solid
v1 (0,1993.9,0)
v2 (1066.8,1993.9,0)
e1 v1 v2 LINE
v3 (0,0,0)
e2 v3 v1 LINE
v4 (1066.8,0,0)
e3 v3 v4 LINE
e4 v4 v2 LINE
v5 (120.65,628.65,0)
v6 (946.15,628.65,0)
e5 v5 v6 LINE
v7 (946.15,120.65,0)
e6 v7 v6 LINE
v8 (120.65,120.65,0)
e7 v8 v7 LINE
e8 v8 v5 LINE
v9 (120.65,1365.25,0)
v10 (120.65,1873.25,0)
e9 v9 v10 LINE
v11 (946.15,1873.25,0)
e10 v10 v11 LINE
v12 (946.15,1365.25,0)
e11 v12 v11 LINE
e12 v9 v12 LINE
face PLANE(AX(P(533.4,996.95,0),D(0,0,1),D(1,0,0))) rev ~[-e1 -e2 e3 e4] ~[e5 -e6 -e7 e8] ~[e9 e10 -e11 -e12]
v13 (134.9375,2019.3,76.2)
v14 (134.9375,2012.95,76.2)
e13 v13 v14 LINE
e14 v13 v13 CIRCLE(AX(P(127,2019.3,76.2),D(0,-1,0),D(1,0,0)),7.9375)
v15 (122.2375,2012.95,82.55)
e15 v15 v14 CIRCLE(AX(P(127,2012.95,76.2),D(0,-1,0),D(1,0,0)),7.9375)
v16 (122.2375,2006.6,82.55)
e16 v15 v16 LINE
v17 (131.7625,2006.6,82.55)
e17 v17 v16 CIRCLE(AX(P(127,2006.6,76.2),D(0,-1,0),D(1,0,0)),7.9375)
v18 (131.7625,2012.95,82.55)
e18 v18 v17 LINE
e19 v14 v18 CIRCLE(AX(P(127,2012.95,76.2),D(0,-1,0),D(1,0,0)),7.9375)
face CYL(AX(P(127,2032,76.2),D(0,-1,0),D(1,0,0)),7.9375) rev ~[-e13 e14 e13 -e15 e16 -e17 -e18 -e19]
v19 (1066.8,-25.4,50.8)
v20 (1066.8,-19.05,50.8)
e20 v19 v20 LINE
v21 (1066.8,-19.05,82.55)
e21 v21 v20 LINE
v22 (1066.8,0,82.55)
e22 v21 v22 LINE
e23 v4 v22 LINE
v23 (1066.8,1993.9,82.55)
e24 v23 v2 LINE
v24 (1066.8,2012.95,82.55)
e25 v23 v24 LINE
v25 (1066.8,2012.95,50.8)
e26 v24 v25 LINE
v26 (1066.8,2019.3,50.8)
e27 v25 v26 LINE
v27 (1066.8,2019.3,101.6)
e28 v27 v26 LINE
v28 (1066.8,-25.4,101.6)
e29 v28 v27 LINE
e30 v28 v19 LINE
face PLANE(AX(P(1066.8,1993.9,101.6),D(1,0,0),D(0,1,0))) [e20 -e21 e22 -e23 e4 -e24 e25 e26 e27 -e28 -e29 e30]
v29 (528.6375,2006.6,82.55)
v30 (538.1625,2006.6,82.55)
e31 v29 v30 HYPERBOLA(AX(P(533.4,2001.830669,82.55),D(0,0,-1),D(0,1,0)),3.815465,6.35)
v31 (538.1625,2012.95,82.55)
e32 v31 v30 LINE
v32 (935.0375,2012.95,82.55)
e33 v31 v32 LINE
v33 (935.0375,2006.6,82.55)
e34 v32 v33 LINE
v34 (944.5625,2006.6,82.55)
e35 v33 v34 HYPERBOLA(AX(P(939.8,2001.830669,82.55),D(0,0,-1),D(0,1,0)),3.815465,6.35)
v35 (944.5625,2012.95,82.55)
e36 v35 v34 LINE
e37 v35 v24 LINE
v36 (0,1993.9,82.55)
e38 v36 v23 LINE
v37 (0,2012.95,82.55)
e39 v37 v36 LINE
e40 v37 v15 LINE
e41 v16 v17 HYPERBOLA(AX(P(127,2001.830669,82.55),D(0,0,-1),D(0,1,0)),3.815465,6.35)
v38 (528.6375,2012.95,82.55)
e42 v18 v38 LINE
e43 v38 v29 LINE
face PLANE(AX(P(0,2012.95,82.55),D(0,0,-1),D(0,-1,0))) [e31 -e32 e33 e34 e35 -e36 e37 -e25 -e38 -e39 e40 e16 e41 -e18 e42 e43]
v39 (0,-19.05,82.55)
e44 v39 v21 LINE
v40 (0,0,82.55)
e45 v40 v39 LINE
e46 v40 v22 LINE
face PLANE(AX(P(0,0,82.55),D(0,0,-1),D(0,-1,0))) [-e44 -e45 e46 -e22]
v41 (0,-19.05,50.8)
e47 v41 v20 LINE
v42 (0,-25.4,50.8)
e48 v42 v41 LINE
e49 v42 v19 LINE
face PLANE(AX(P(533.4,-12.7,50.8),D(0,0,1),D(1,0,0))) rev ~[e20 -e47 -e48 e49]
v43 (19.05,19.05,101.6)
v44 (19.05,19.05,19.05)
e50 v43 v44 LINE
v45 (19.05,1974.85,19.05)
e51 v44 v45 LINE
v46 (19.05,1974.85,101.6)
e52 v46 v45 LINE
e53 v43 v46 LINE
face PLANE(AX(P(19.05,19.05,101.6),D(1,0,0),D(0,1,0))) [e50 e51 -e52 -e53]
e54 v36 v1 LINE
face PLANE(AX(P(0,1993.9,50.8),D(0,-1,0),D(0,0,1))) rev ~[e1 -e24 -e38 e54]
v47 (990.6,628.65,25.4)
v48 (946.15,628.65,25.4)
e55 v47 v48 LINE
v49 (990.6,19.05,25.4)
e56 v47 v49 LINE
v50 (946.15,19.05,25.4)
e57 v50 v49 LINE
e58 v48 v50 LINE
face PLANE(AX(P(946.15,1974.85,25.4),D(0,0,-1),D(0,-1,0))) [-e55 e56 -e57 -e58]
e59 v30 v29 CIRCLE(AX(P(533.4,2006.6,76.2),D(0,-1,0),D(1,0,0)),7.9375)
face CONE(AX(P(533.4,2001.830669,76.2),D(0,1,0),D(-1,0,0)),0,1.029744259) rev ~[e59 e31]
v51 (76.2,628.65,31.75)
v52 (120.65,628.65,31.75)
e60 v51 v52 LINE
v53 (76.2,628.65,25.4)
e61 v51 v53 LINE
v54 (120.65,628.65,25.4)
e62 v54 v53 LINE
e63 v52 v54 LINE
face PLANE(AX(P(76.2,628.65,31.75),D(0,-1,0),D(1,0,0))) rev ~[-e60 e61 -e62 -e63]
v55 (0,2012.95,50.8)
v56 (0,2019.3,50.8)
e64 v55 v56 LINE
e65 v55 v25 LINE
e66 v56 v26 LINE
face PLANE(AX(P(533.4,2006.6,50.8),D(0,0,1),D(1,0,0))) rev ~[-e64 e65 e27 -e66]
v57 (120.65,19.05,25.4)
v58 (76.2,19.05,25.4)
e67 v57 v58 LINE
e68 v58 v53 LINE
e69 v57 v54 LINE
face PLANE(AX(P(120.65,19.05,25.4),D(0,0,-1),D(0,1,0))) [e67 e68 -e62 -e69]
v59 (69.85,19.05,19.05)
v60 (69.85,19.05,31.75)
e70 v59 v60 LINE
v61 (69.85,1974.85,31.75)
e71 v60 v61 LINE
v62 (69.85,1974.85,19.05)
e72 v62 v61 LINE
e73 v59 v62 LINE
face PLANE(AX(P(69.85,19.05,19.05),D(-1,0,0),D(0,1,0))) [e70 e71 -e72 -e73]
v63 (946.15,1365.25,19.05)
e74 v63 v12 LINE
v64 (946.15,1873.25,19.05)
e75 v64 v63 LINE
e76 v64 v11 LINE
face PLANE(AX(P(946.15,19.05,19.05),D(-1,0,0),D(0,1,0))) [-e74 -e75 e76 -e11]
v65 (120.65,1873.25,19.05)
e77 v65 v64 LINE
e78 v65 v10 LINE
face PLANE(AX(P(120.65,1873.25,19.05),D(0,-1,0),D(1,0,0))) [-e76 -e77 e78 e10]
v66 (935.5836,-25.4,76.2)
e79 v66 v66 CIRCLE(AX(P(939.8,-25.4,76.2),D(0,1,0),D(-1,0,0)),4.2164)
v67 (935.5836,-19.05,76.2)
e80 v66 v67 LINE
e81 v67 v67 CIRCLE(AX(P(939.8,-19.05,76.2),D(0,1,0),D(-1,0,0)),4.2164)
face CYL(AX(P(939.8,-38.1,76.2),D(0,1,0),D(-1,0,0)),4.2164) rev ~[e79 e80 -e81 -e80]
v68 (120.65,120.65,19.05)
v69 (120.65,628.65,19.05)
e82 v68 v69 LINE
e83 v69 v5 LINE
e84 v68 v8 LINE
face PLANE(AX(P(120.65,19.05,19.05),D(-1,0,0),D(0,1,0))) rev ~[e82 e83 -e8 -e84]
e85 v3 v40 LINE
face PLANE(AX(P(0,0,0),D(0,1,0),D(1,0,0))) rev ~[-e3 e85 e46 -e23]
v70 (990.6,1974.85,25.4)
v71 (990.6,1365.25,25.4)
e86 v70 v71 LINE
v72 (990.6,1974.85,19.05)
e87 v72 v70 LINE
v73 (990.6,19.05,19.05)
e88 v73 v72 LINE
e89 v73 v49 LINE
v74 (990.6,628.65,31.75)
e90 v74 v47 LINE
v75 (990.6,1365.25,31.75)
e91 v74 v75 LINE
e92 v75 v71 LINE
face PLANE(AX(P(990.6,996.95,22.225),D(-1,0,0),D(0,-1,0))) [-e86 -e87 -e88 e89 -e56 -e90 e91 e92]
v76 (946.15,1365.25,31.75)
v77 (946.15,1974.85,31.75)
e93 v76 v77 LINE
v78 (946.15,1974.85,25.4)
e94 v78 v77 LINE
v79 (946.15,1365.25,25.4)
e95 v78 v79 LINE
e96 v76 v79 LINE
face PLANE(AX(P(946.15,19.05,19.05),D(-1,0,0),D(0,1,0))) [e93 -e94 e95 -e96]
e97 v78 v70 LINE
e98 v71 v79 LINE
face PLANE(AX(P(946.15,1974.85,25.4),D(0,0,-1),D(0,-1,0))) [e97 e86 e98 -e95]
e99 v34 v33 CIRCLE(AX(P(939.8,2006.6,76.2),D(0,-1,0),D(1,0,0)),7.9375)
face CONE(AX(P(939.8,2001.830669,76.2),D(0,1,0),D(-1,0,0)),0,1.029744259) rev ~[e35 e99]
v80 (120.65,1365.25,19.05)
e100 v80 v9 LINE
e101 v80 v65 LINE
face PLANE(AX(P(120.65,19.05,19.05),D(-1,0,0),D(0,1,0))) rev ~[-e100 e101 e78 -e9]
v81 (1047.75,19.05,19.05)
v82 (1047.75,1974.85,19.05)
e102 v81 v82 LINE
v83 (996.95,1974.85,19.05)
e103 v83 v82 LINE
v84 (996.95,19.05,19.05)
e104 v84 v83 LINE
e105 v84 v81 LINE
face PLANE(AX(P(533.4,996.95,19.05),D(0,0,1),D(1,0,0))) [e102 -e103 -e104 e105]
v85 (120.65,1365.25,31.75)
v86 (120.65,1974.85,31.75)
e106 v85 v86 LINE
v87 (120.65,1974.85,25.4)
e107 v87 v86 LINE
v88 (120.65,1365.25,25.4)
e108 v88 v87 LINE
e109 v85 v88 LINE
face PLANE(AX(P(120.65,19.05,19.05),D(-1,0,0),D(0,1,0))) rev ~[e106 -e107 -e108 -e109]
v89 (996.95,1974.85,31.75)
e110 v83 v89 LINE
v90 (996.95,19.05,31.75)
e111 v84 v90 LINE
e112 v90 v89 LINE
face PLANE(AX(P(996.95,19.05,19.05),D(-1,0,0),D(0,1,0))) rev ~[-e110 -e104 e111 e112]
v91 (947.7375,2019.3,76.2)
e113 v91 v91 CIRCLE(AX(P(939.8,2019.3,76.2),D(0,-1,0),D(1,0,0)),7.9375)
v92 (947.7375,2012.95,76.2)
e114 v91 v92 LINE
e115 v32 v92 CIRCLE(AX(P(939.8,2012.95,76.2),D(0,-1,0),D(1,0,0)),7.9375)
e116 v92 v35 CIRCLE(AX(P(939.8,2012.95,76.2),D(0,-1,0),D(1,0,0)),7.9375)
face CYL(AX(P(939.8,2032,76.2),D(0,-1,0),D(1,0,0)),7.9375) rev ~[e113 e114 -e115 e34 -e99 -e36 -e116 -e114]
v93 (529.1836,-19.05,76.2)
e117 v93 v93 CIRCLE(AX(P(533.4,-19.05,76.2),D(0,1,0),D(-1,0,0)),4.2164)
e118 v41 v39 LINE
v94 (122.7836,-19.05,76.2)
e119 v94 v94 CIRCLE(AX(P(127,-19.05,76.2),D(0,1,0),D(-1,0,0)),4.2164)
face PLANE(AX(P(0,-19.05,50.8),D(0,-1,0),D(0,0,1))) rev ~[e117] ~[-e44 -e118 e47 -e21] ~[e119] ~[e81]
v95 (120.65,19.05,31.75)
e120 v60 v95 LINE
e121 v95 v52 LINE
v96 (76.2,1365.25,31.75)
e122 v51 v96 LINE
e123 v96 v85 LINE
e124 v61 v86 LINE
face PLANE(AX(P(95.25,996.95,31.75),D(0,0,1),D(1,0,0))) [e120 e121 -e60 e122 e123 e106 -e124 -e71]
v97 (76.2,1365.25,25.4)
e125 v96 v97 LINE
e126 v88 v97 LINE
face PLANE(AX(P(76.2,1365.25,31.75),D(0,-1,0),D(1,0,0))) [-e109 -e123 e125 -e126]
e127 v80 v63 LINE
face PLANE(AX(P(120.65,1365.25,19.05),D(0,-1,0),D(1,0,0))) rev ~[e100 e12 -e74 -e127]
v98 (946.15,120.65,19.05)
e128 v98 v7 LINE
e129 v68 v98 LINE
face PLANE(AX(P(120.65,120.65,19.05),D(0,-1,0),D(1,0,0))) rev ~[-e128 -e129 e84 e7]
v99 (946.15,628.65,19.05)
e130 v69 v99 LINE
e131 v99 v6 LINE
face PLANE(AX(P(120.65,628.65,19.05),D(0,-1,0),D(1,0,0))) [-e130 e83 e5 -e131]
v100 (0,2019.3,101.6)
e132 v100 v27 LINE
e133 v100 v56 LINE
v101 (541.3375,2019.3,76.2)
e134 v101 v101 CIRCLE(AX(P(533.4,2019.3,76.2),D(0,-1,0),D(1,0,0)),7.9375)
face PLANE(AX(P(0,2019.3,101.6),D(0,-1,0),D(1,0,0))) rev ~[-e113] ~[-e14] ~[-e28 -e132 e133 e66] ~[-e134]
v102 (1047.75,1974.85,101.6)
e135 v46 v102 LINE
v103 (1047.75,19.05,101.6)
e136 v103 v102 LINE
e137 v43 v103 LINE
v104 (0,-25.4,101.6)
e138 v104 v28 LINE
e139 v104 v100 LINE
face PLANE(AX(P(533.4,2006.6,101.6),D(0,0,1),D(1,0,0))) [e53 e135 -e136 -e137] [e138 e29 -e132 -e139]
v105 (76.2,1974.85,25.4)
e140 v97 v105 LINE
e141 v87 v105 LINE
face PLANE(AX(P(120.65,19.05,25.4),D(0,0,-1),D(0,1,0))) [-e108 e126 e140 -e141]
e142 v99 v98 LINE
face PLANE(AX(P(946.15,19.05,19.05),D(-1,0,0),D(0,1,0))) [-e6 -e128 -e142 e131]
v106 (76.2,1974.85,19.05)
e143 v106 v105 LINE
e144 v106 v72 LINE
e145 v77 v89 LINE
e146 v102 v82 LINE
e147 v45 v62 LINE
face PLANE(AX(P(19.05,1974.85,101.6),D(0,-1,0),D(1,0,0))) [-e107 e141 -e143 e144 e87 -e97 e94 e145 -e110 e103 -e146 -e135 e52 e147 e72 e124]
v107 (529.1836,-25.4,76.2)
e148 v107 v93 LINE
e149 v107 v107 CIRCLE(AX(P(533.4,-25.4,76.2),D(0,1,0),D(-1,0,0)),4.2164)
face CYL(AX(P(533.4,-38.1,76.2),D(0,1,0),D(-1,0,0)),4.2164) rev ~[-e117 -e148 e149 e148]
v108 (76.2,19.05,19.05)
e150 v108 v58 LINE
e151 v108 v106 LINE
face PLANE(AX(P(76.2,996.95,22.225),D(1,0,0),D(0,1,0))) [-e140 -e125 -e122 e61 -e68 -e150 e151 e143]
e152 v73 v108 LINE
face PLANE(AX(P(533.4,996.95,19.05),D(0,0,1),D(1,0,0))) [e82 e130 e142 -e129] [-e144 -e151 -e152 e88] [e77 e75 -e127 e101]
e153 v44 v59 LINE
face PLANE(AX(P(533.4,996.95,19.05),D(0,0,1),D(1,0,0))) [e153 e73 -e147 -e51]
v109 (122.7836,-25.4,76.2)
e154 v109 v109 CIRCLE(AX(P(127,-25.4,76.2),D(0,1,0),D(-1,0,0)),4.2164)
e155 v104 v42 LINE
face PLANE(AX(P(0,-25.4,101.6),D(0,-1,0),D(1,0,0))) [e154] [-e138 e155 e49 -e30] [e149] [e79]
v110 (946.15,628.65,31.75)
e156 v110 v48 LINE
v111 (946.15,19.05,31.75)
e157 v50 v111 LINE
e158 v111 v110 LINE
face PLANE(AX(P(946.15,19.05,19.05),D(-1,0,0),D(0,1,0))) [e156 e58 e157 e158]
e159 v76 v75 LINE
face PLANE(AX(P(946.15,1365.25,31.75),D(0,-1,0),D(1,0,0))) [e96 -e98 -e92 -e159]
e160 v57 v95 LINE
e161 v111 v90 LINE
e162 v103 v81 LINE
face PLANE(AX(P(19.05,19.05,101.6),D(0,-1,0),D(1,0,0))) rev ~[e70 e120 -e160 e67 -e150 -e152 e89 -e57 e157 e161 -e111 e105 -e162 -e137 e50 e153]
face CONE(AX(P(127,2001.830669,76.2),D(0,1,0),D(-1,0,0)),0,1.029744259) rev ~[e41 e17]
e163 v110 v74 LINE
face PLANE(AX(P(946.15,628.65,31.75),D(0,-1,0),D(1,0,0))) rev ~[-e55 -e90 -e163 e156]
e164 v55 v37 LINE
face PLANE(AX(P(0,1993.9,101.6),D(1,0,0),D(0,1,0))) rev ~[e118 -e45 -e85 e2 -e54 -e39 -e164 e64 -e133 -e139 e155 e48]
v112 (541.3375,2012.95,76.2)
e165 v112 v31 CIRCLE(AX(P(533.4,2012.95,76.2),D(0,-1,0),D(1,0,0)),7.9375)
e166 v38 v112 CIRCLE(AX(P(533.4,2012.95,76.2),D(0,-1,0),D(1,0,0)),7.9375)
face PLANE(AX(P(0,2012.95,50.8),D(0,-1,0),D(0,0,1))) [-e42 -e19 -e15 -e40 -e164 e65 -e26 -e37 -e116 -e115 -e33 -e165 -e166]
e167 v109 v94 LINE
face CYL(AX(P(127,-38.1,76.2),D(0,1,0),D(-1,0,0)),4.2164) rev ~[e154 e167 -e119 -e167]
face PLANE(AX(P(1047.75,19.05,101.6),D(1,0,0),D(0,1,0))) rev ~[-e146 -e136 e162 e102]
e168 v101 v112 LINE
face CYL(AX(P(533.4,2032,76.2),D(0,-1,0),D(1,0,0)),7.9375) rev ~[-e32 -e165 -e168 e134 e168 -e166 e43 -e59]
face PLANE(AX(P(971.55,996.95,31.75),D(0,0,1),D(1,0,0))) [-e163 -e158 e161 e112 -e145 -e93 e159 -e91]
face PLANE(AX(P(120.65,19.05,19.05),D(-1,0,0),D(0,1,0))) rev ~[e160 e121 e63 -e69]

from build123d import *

# Parameters (mm, degrees)
F0_W      = 1066.8
F0_H      = 1993.9
F1_DEPTH  = 101.6
F2_W      = 1028.7
F2_H      = 1955.8
F3_DEPTH  = 82.55
F4_W      = 825.5
F4_H      = 508
F5_DEPTH  = 19.051
F6_W      = 1066.8
F6_H      = 25.4
F7_DEPTH  = 50.8
F8_W      = 19.05
F8_H      = 31.75
F9_DEPTH  = 1066.801
F11_D     = 15.875
F11_DEPTH = 12.7
F11_TIP   = 4.7693311635
F13_D     = 8.4328
F13_DEPTH = 12.7
F13_TIP   = 2.5334687141
F14_W     = 50.8
F14_H     = 1955.8
F15_DEPTH = 12.7
F16_W     = 1955.8
F16_H     = 6.35
F17_DEPTH = 44.45
F18_W     = 1955.8
F18_H     = 6.35
F19_DEPTH = 44.45
F20_W     = 44.45
F20_H     = 736.6
F21_DEPTH = 12.7


with BuildPart() as f1:
    # F0 (on Top) → F1 (new body)
    with BuildSketch(Plane.XY):
        with Locations((533.4, 996.95)):
            Rectangle(F0_W, F0_H)
    extrude(amount=F1_DEPTH)

    # F2 (on face) → F3 (cut)
    with BuildSketch(Plane.XY.offset(101.6)):
        with Locations((533.4, 996.95)):
            Rectangle(F2_W, F2_H)
    extrude(amount=-F3_DEPTH, mode=Mode.SUBTRACT)

    # F4 (on face) → F5 (cut, through all)
    with BuildSketch(Plane.XY.offset(19.05)):
        with Locations((533.4, 1619.25)):
            Rectangle(F4_W, F4_H)
        with Locations((533.4, 374.65)):
            Rectangle(F4_W, F4_H)
    extrude(amount=-F5_DEPTH, mode=Mode.SUBTRACT)

    # F6 (on face) → F7 (join)
    with BuildSketch(Plane.XY.offset(101.6)):
        with Locations((533.4, 2006.6)):
            Rectangle(F6_W, F6_H)
        with Locations((533.4, -12.7)):
            Rectangle(F6_W, F6_H)
    extrude(amount=-F7_DEPTH)

    # F8 (on face) → F9 (cut, through all)
    with BuildSketch(Plane(origin=(0, 0, 0), x_dir=(0, -1, 0), z_dir=(-1, 0, 0))):
        with Locations((-2003.425, 66.675)):
            Rectangle(F8_W, F8_H)
        with Locations((9.525, 66.675)):
            Rectangle(F8_W, F8_H)
    extrude(amount=-F9_DEPTH, mode=Mode.SUBTRACT)

    # F11
    with Locations(Plane(origin=(0, 2019.3, 0), x_dir=(-1, 0, 0), z_dir=(0, 1, 0))):
        with Locations((-939.8, 76.2), (-533.4, 76.2), (-127, 76.2)):
            Hole(F11_D / 2, depth=F11_DEPTH)
            with Locations((0, 0, -(F11_DEPTH + F11_TIP / 2))):  # 118° drill point
                Cone(0, F11_D / 2, F11_TIP, mode=Mode.SUBTRACT)

    # F13
    with Locations(Plane.XZ.offset(25.4)):
        with Locations((127, 76.2), (533.4, 76.2), (939.8, 76.2)):
            Hole(F13_D / 2, depth=F13_DEPTH)
            with Locations((0, 0, -(F13_DEPTH + F13_TIP / 2))):  # 118° drill point
                Cone(0, F13_D / 2, F13_TIP, mode=Mode.SUBTRACT)

    # F14 (on face) → F15 (join)
    with BuildSketch(Plane.XY.offset(19.05)):
        with Locations((95.25, 996.95)):
            Rectangle(F14_W, F14_H)
        with Locations((971.55, 996.95)):
            Rectangle(F14_W, F14_H)
    extrude(amount=F15_DEPTH)

    # F16 (on face) → F17 (cut)
    with BuildSketch(Plane(origin=(946.15, 0, 0), x_dir=(0, -1, 0), z_dir=(-1, 0, 0))):
        with Locations((-996.95, 22.225)):
            Rectangle(F16_W, F16_H)
    extrude(amount=-F17_DEPTH, mode=Mode.SUBTRACT)

    # F18 (on face) → F19 (cut)
    with BuildSketch(Plane.YZ.offset(120.65)):
        with Locations((996.95, 22.225)):
            Rectangle(F18_W, F18_H)
    extrude(amount=-F19_DEPTH, mode=Mode.SUBTRACT)

    # F20 (on face) → F21 (cut, through all)
    with BuildSketch(Plane.XY.offset(31.75)):
        with Locations((968.375, 996.95)):
            Rectangle(F20_W, F20_H)
        with Locations((98.425, 996.95)):
            Rectangle(F20_W, F20_H)
    extrude(amount=-F21_DEPTH, mode=Mode.SUBTRACT)


solid = f1.part
